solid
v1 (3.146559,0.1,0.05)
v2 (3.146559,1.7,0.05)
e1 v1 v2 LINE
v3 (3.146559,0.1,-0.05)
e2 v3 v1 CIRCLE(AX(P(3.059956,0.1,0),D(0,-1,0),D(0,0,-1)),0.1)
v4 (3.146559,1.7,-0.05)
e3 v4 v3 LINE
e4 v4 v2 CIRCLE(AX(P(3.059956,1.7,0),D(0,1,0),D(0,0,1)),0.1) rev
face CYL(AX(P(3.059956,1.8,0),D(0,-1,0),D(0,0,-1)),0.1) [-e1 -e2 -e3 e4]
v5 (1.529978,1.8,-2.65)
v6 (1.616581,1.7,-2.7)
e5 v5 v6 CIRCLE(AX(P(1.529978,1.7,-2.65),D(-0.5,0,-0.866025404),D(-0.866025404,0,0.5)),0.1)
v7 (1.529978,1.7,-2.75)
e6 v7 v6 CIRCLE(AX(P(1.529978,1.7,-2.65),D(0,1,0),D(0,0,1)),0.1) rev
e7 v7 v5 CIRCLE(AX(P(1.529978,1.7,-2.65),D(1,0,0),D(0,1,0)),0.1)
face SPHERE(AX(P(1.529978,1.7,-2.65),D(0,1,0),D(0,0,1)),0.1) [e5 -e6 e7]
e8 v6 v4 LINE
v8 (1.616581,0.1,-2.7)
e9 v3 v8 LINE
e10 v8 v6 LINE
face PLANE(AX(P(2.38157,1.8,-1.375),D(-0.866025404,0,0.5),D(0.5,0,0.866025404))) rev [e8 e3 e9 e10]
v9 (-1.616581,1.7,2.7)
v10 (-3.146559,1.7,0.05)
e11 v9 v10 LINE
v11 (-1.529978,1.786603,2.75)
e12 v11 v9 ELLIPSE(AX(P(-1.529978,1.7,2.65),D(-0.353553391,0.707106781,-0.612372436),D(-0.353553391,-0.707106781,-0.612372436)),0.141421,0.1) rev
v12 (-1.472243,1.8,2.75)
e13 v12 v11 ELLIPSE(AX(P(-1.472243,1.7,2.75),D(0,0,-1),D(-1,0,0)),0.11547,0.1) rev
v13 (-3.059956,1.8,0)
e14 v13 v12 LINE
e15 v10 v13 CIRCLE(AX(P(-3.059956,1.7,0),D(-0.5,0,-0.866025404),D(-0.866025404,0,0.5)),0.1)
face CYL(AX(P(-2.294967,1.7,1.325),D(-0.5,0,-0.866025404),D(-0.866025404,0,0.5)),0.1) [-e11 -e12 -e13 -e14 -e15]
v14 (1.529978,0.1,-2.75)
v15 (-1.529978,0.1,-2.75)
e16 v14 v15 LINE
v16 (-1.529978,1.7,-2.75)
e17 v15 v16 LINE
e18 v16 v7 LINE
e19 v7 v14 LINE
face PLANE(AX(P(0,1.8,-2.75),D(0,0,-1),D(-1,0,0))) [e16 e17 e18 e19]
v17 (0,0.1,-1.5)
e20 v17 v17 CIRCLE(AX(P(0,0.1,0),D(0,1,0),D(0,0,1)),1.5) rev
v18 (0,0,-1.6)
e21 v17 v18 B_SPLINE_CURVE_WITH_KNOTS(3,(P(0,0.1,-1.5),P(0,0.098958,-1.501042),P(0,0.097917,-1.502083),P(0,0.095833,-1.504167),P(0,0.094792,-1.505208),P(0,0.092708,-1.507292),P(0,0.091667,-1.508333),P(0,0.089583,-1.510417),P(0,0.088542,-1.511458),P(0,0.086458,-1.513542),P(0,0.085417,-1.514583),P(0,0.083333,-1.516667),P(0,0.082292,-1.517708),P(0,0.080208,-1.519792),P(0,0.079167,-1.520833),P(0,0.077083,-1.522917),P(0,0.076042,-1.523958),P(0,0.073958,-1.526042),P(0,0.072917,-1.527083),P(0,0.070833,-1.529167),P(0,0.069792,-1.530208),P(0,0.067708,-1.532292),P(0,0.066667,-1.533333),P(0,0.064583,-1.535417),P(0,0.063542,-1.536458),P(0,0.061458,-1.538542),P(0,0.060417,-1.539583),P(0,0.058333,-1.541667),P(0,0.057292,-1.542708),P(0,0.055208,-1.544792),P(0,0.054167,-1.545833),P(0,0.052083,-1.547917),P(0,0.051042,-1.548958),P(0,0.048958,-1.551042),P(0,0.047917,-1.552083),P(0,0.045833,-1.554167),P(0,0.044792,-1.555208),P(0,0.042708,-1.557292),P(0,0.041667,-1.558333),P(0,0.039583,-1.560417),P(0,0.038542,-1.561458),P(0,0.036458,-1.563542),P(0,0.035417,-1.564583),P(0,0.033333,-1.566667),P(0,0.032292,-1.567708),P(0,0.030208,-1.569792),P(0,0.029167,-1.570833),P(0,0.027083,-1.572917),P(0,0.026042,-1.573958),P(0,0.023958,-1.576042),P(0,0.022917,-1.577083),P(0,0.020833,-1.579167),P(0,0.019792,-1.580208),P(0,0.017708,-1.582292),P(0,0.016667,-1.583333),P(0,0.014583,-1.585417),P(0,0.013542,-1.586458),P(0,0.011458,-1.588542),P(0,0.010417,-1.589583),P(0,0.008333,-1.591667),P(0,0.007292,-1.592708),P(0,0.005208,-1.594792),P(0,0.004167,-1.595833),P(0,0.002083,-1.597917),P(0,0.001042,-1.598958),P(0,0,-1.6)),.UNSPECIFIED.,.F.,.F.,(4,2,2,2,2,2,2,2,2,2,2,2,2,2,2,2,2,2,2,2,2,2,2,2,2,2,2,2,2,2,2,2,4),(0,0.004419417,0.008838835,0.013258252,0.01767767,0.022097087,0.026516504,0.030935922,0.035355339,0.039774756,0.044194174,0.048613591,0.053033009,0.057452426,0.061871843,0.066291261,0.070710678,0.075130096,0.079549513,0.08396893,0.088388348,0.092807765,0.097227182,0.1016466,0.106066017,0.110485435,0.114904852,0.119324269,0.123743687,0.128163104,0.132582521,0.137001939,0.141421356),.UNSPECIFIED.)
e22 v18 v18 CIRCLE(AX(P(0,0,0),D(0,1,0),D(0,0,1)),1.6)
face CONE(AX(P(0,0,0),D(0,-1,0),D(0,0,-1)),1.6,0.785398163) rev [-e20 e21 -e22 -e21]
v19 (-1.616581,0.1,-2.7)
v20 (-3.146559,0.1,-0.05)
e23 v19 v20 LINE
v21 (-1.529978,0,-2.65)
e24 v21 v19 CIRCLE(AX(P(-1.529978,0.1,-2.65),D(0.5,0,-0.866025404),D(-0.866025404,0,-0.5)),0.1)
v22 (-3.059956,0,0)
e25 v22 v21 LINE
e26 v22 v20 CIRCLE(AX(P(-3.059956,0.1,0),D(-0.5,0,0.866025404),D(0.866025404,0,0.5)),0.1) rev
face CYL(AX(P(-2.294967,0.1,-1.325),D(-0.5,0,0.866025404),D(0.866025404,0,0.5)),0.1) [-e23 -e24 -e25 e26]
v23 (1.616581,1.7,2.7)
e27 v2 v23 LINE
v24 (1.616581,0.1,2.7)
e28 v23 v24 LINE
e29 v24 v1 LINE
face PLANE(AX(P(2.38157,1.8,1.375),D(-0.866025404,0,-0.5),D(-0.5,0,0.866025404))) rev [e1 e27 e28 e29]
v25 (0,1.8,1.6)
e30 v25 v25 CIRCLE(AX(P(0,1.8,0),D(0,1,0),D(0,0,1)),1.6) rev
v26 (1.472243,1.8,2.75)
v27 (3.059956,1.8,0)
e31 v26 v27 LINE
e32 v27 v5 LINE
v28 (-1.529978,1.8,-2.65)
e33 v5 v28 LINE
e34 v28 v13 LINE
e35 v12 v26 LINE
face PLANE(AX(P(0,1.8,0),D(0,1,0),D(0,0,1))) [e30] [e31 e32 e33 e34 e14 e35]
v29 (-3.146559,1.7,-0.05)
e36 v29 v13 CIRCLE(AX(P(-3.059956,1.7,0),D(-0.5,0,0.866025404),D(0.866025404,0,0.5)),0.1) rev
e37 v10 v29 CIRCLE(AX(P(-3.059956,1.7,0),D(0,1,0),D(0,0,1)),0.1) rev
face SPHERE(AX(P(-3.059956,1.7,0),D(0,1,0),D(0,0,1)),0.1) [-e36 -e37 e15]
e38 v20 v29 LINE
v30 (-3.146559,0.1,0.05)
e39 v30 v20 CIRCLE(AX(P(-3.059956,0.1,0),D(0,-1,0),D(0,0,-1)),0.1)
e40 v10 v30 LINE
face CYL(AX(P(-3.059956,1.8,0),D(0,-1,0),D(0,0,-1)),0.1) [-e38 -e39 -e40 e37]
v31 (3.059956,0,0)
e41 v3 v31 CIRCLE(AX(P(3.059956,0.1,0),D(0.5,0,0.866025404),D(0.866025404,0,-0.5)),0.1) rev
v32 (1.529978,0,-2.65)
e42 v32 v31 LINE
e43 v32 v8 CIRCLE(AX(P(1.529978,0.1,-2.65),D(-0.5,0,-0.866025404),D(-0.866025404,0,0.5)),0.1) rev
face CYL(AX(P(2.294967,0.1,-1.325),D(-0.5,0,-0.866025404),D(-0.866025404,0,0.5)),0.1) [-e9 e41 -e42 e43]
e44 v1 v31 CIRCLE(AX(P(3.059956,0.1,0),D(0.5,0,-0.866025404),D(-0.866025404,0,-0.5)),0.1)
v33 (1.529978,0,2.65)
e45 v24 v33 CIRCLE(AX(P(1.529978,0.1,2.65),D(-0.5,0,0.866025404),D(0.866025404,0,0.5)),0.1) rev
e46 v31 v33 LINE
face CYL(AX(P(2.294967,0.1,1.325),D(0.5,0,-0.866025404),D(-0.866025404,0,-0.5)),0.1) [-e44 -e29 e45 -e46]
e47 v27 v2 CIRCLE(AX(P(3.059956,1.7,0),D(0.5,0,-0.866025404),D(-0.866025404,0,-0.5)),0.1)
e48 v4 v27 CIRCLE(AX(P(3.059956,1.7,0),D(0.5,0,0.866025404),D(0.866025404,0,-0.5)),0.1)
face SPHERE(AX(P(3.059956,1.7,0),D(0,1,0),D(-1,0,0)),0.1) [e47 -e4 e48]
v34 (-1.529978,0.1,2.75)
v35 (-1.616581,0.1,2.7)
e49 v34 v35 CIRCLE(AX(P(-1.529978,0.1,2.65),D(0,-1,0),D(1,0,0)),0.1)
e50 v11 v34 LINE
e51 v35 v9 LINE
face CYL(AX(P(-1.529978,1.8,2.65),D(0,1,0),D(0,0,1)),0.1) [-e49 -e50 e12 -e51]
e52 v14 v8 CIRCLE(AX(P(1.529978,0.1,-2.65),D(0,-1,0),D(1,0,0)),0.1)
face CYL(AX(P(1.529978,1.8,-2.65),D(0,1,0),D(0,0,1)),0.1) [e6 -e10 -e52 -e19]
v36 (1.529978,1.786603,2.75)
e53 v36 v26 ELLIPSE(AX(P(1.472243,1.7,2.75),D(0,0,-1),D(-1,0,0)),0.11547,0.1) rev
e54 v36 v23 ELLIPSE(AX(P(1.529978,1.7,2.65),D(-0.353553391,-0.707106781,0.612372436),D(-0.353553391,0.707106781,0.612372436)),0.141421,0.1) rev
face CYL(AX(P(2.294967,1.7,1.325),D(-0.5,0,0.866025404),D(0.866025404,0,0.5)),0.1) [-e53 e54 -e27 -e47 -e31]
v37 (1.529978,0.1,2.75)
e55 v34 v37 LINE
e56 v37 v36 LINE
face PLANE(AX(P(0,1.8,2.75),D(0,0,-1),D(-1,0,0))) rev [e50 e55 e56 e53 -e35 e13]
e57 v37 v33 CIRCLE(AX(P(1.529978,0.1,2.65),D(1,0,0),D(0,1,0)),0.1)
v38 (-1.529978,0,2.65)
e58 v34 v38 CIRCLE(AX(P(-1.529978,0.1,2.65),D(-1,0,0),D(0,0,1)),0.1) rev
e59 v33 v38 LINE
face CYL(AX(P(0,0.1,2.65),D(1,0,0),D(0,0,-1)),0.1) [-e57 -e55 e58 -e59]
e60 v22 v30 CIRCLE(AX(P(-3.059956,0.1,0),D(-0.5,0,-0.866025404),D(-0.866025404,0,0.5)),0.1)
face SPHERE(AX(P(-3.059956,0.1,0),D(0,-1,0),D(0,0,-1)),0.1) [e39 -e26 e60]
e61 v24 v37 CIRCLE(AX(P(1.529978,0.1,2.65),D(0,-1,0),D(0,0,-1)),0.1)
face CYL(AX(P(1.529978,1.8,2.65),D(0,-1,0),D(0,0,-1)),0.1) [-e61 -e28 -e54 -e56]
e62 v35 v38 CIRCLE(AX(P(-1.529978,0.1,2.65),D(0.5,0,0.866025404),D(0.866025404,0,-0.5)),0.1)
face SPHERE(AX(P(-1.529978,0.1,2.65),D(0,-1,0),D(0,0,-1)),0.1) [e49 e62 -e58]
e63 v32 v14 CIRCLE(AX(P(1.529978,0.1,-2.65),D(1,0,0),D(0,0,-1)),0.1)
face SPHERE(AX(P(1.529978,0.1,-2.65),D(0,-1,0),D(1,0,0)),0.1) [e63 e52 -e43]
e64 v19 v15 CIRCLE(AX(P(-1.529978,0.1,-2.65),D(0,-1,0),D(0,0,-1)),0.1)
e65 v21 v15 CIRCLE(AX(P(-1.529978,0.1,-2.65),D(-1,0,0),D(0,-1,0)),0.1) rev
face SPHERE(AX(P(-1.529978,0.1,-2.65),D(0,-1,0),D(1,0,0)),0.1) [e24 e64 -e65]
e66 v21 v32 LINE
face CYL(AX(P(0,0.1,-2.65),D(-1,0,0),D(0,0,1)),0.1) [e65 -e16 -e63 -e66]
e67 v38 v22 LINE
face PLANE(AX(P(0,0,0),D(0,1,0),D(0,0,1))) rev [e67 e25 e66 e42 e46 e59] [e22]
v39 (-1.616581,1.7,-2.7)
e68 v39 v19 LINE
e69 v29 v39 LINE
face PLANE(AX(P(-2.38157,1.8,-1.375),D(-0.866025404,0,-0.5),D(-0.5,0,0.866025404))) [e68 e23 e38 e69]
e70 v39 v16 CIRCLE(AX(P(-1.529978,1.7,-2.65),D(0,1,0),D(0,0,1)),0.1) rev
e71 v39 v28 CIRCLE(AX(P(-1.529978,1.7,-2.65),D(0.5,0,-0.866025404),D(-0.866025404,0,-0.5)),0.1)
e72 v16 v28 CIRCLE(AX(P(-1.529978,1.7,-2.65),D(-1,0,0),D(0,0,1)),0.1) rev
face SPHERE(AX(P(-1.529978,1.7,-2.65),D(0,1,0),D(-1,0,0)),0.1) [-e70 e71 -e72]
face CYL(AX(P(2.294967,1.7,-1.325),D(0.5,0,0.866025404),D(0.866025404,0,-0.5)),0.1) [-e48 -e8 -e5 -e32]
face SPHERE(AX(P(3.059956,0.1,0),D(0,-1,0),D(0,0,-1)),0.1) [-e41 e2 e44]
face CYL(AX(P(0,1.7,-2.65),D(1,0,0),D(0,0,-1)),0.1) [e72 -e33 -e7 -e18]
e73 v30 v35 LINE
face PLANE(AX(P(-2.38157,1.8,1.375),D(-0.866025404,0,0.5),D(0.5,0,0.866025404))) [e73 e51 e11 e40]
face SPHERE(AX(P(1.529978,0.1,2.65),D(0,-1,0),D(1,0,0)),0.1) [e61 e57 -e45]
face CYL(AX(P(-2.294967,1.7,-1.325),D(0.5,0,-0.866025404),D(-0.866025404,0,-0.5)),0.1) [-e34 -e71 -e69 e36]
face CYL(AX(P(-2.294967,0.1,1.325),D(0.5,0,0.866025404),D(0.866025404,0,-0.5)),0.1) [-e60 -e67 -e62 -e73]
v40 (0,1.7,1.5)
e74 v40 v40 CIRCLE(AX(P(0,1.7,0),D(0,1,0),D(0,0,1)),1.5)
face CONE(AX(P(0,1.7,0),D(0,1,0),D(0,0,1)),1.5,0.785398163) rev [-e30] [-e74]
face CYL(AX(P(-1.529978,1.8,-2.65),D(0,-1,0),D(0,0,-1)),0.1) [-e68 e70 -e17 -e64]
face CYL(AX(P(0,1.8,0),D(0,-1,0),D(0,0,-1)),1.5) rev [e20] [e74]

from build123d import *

# Parameters (mm, degrees)
SKETCH1_R           = 2.75
SKETCH1_R_2         = 1.5
BOSS_EXTRUDE2_DEPTH = 1.8
FILLET1_R           = 0.1
CHAMFER1_SIZE       = 0.1


with BuildPart() as part:
    # Sketch1 → Boss-Extrude2 (new body)
    # profile 1 of 7: a face of its own
    with BuildSketch(Plane(origin=(0, 0, 0), x_dir=(1, 0, 0), z_dir=(0, 1, 0))):
        with BuildLine():
            Line((0, 2.75), (-1.58771324, 2.75))
            Line((-1.58771324, 2.75), (-2.381569814, 1.37500008))
            ThreePointArc((-2.381569814, 1.37500008), (-1.37499996, 2.381569884), (0, 2.75))
        make_face()
    # profile 2 of 7: a face of its own
    with BuildSketch(Plane(origin=(0, 0, 0), x_dir=(1, 0, 0), z_dir=(0, 1, 0))):
        with BuildLine():
            ThreePointArc((-2.381569844, -1.375000029), (-2.75, 3e-08), (-2.381569814, 1.37500008))
            Line((-2.381569814, 1.37500008), (-3.175426481, 0))
            Line((-3.175426481, 0), (-2.381569844, -1.375000029))
        make_face()
    # profile 3 of 7: a face of its own
    with BuildSketch(Plane(origin=(0, 0, 0), x_dir=(1, 0, 0), z_dir=(0, 1, 0))):
        with BuildLine():
            Line((1.58771324, 2.75), (0, 2.75))
            ThreePointArc((0, 2.75), (1.374999954, 2.381569887), (2.381569807, 1.375000092))
            Line((2.381569807, 1.375000092), (1.58771324, 2.75))
        make_face()
    # profile 4 of 7: a face of its own
    with BuildSketch(Plane(origin=(0, 0, 0), x_dir=(1, 0, 0), z_dir=(0, 1, 0))):
        with BuildLine():
            Line((3.175426481, 0), (2.381569807, 1.375000092))
            ThreePointArc((2.381569807, 1.375000092), (2.656296008, 0.711752426), (2.75, 0))
            ThreePointArc((2.75, 0), (2.65629601, -0.711752419), (2.381569814, -1.37500008))
            Line((2.381569814, -1.37500008), (3.175426481, 0))
        make_face()
    # profile 5 of 7: a face of its own
    with BuildSketch(Plane(origin=(0, 0, 0), x_dir=(1, 0, 0), z_dir=(0, 1, 0))):
        with BuildLine():
            ThreePointArc((0, -2.75), (-1.374999986, -2.381569869), (-2.381569844, -1.375000029))
            Line((-2.381569844, -1.375000029), (-1.58771324, -2.75))
            Line((-1.58771324, -2.75), (0, -2.75))
        make_face()
    # profile 6 of 7: a face of its own
    with BuildSketch(Plane(origin=(0, 0, 0), x_dir=(1, 0, 0), z_dir=(0, 1, 0))):
        with BuildLine():
            ThreePointArc((2.381569814, -1.37500008), (1.37499996, -2.381569884), (0, -2.75))
            Line((0, -2.75), (1.58771324, -2.75))
            Line((1.58771324, -2.75), (2.381569814, -1.37500008))
        make_face()
    # profile 7 of 7: a face of its own
    with BuildSketch(Plane(origin=(0, 0, 0), x_dir=(1, 0, 0), z_dir=(0, 1, 0))):
        Circle(SKETCH1_R)
        with Locations(Location((0, 0, 0), (0, 0, 270))):
            Circle(SKETCH1_R_2, mode=Mode.SUBTRACT)
    extrude(amount=BOSS_EXTRUDE2_DEPTH)

    # Fillet1
    fillet1_edges = [part.edges().sort_by_distance(p)[0] for p in [
        (2.38156986, 0, -1.375),
        (2.38156986, 0, 1.375),
        (0, 0, 2.75),
        (-2.38156986, 1.8, 1.375),
        (-2.38156986, 0, 1.375),
        (-2.38156986, 0, -1.375),
        (-1.58771324, 0.9, -2.75),
        (1.58771324, 0.9, -2.75),
        (3.175426481, 0.9, 0),
        (1.58771324, 0.9, 2.75),
        (-1.58771324, 0.9, 2.75),
        (-3.175426481, 0.9, 0),
        (2.38156986, 1.8, 1.375),
        (2.38156986, 1.8, -1.375),
        (0, 1.8, -2.75),
        (-2.38156986, 1.8, -1.375),
        (0, 0, -2.75),
    ]]
    fillet(fillet1_edges, radius=FILLET1_R)

    # Chamfer1
    chamfer1_edges = [part.edges().sort_by_distance(p)[0] for p in [
        (0, 1.8, -1.5),
        (0, 0, -1.5),
    ]]
    chamfer(chamfer1_edges, length=CHAMFER1_SIZE)


solid = part.part
